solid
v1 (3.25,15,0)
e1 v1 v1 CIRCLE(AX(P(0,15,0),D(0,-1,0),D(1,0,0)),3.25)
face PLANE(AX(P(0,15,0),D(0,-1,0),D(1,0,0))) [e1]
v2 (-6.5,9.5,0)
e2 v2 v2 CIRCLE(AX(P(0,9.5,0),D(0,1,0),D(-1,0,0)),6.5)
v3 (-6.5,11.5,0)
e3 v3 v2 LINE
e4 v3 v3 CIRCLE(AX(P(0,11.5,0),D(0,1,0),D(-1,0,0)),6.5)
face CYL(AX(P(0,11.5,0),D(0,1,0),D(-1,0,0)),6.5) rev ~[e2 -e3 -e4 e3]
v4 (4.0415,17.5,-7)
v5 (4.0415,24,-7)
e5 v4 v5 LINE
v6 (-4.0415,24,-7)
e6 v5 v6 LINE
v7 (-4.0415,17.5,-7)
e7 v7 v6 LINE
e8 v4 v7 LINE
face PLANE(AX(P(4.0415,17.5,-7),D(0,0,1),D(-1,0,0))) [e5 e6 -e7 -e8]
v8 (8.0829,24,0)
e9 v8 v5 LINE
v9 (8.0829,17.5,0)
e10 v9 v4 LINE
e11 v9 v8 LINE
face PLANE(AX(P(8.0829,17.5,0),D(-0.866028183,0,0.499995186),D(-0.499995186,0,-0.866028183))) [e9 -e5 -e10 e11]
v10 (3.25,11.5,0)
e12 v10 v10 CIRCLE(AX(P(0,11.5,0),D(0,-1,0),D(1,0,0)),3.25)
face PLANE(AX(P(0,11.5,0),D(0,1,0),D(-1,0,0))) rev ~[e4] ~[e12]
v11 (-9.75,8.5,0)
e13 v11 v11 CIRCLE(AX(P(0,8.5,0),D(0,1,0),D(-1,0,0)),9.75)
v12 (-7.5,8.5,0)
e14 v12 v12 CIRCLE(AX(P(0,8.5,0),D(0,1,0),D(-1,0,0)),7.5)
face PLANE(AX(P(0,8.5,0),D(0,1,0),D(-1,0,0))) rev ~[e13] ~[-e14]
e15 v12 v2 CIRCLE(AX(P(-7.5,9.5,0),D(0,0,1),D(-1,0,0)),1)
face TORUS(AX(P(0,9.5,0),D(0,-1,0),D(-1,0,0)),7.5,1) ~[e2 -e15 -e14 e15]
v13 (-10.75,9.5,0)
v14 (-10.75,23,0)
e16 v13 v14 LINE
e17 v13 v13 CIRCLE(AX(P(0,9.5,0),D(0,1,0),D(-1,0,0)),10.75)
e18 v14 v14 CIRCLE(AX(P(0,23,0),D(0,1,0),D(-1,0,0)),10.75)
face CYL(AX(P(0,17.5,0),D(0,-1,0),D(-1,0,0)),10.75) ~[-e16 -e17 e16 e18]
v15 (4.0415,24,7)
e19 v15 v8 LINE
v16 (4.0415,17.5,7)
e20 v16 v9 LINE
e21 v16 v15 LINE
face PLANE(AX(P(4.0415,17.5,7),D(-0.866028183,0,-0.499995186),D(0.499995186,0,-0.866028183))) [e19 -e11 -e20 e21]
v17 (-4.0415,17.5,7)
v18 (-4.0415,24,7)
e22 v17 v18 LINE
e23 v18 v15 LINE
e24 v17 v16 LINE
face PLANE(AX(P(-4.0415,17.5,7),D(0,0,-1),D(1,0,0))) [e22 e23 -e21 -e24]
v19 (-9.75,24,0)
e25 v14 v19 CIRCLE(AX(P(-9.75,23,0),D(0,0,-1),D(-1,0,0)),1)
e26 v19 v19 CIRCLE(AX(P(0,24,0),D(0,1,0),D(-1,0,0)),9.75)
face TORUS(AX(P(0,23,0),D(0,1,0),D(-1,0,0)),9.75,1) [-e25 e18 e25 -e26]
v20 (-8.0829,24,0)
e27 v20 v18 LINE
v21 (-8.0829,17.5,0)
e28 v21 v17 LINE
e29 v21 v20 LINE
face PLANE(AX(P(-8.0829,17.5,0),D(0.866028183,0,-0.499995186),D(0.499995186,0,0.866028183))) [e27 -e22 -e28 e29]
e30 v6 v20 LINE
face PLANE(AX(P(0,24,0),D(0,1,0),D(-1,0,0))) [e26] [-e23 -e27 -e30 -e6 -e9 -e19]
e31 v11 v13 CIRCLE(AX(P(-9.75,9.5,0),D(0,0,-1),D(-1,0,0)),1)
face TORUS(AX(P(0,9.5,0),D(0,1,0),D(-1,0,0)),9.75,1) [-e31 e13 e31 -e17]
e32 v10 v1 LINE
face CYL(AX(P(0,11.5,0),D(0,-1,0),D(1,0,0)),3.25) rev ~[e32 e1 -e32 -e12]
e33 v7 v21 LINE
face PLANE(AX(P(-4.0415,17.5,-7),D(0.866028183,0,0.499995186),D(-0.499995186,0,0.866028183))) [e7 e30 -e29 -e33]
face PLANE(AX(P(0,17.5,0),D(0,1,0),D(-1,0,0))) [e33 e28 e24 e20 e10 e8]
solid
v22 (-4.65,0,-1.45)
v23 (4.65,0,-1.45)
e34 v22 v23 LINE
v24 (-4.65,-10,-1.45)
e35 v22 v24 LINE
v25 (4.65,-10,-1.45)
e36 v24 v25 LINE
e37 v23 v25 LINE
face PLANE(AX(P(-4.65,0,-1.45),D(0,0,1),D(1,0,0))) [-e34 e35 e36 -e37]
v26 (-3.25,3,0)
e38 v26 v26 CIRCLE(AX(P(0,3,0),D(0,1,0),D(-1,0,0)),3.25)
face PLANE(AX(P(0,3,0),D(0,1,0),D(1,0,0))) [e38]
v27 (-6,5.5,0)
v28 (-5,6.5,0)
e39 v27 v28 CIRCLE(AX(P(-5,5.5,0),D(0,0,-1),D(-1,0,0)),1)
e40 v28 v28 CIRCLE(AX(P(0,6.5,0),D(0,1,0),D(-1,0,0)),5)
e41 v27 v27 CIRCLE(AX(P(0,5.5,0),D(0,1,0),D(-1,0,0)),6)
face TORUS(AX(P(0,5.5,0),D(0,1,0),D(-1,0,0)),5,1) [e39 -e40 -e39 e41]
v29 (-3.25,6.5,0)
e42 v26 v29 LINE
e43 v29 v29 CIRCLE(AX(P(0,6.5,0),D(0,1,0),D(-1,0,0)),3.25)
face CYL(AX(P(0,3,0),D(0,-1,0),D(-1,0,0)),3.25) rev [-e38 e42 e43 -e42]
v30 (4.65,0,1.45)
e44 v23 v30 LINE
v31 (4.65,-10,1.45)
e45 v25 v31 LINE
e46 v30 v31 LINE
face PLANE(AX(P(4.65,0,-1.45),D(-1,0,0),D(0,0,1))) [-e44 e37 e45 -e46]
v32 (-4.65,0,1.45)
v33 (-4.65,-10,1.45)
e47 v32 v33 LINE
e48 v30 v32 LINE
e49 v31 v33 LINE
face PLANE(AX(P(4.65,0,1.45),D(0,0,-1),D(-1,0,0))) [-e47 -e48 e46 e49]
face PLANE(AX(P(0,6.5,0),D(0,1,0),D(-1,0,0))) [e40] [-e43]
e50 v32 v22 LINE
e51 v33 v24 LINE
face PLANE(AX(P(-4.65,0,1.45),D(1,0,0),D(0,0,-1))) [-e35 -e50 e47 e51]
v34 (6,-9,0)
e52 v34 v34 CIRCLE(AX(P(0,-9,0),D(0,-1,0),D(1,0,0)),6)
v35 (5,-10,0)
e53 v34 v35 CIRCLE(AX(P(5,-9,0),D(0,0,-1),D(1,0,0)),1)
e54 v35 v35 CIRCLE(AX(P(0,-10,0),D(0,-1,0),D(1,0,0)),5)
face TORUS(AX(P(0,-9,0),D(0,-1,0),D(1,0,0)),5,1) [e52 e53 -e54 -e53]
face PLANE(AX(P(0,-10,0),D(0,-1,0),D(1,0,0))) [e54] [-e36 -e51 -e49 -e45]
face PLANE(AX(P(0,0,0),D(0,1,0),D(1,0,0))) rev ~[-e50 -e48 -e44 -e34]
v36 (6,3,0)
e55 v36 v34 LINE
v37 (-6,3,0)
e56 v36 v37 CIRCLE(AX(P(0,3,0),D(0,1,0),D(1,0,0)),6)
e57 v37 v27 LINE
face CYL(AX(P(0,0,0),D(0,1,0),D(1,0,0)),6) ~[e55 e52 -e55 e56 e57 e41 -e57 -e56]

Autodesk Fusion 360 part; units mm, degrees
sketch "Sketch1" plane through (0, 0, 0) normal (0, 1, 0) x (1, 0, 0) in component "Magnetic_L5_tweezer_connection v1"
  circle A0 centre (0, 0) radius 6
  dimension "d1" = 12
extrude "Extrude1" add sketch "Sketch1" along normal blind 3 makes body 1 in component "Magnetic_L5_tweezer_connection v1"
sketch "Sketch2" plane through (0, 3, 0) normal (0, 1, 0) x (-1, 0, 0) in component "Magnetic_L5_tweezer_connection v1"
  circle A0 centre (0, 0) radius 6
  circle A1 centre (0, 0) radius 3.25
  dimension "d4" = 6.5
extrude "Extrude2" add sketch "Sketch2" along normal blind 3.5 bodies 1 in component "Magnetic_L5_tweezer_connection v1"
sketch "Sketch3" plane through (0, 0, 0) normal (0, -1, 0) x (1, 0, 0) in component "Magnetic_L5_tweezer_connection v1"
  circle A0 centre (0, 0) radius 6
  line L0 (4.65, 1.45) -> (-4.65, 1.45)
  line L1 (-4.65, 1.45) -> (-4.65, -1.45)
  line L2 (-4.65, -1.45) -> (4.65, -1.45)
  line L3 (4.65, -1.45) -> (4.65, 1.45)
  line L4 (4.65, 1.45) -> (-4.65, -1.45) construction
  line L5 (-4.65, 1.45) -> (4.65, -1.45) construction
  dimension "d7" = 2.9
  dimension "d8" = 9.3
extrude "Extrude3" add sketch "Sketch3" along normal blind 10 bodies 1 in component "Magnetic_L5_tweezer_connection v1"
fillet "Fillet1" radius 1 1 edges at (5.594, 6.5, -2.1697) on bodies 1 in component "Magnetic_L5_tweezer_connection v1"
fillet "Fillet2" radius 1 1 edges at (-5.594, -10, -2.1697) on bodies 1 in component "Magnetic_L5_tweezer_connection v1"
sketch "Sketch4" plane through (0, 11.5, 0) normal (0, 1, 0) x (-1, 0, 0) in component "Plunger"
  circle A0 centre (0, 0) radius 3.25
  circle A1 centre (0, 0) radius 6.5
  circle A2 centre (0, 0) radius 10.75
  dimension "d20" = 13
  dimension "d21" = 21.5
extrude "Extrude3'" add sketch "Sketch4" against normal blind 3 separate body contours A2 makes body 2 in component "Plunger"
sketch "Sketch5" plane through (0, 11.5, 0) normal (0, 1, 0) x (-1, 0, 0) in component "Plunger"
  circle A0 centre (0, 0) radius 6.5
  circle A1 centre (0, 0) radius 10.75
  circle A2 centre (0, 0) radius 9.15
extrude "Extrude4" add sketch "Sketch5" along normal blind 6 contours A0 | A1 | A2 bodies 2 in component "Plunger"
sketch "Sketch1 (2)" plane through (0, 11.5, 0) normal (0, -1, 0) x (1, 0, 0) in component "Plunger_only v1"
  circle A0 centre (0, 0) radius 6.5
  circle A1 centre (0, 0) radius 3.25
  dimension "d29" = 6.5
extrude "Extrude6" cut sketch "Sketch1 (2)" against normal blind 3.5 contours A1 bodies 2 in component "Plunger"
sketch "Sketch7" plane through (0, 17.5, 0) normal (0, 1, 0) x (-1, 0, 0) in component "Plunger"
  circle A0 centre (0, 0) radius 10.75
  line L0 (4.0415, -7) -> (8.0829, 0)
  line L1 (8.0829, 0) -> (4.0415, 7)
  line L2 (4.0415, 7) -> (-4.0415, 7)
  line L3 (-4.0415, 7) -> (-8.0829, 0)
  line L4 (-8.0829, 0) -> (-4.0415, -7)
  line L5 (-4.0415, -7) -> (4.0415, -7)
  dimension "d32" = 7
extrude "Extrude7" add sketch "Sketch7" along normal blind 6.5 bodies 2 in component "Plunger"
fillet "Fillet1'" radius 1 1 edges at (6.0601, 8.5, -2.3505) on bodies 2 in component "Plunger"
fillet "Fillet2'" radius 1 1 edges at (10.0225, 8.5, 3.8874) on bodies 2 in component "Plunger"
fillet "Fillet3" radius 1 1 edges at (10.0225, 24, -3.8874) on bodies 2 in component "Plunger"
component "Plunger_only v1" placed x (1, 0, 0) y (0, 1, 0) z (0, 0, 1) at (0, 0, 0)
component "Magnetic_L5_tweezer_connection v1" placed x (1, 0, 0) y (0, 1, 0) z (0, 0, 1) at (0, 0, 0)
component "Plunger" placed x (1, 0, 0) y (0, 1, 0) z (0, 0, 1) at (0, 0, 0) in component "Plunger_only v1"
